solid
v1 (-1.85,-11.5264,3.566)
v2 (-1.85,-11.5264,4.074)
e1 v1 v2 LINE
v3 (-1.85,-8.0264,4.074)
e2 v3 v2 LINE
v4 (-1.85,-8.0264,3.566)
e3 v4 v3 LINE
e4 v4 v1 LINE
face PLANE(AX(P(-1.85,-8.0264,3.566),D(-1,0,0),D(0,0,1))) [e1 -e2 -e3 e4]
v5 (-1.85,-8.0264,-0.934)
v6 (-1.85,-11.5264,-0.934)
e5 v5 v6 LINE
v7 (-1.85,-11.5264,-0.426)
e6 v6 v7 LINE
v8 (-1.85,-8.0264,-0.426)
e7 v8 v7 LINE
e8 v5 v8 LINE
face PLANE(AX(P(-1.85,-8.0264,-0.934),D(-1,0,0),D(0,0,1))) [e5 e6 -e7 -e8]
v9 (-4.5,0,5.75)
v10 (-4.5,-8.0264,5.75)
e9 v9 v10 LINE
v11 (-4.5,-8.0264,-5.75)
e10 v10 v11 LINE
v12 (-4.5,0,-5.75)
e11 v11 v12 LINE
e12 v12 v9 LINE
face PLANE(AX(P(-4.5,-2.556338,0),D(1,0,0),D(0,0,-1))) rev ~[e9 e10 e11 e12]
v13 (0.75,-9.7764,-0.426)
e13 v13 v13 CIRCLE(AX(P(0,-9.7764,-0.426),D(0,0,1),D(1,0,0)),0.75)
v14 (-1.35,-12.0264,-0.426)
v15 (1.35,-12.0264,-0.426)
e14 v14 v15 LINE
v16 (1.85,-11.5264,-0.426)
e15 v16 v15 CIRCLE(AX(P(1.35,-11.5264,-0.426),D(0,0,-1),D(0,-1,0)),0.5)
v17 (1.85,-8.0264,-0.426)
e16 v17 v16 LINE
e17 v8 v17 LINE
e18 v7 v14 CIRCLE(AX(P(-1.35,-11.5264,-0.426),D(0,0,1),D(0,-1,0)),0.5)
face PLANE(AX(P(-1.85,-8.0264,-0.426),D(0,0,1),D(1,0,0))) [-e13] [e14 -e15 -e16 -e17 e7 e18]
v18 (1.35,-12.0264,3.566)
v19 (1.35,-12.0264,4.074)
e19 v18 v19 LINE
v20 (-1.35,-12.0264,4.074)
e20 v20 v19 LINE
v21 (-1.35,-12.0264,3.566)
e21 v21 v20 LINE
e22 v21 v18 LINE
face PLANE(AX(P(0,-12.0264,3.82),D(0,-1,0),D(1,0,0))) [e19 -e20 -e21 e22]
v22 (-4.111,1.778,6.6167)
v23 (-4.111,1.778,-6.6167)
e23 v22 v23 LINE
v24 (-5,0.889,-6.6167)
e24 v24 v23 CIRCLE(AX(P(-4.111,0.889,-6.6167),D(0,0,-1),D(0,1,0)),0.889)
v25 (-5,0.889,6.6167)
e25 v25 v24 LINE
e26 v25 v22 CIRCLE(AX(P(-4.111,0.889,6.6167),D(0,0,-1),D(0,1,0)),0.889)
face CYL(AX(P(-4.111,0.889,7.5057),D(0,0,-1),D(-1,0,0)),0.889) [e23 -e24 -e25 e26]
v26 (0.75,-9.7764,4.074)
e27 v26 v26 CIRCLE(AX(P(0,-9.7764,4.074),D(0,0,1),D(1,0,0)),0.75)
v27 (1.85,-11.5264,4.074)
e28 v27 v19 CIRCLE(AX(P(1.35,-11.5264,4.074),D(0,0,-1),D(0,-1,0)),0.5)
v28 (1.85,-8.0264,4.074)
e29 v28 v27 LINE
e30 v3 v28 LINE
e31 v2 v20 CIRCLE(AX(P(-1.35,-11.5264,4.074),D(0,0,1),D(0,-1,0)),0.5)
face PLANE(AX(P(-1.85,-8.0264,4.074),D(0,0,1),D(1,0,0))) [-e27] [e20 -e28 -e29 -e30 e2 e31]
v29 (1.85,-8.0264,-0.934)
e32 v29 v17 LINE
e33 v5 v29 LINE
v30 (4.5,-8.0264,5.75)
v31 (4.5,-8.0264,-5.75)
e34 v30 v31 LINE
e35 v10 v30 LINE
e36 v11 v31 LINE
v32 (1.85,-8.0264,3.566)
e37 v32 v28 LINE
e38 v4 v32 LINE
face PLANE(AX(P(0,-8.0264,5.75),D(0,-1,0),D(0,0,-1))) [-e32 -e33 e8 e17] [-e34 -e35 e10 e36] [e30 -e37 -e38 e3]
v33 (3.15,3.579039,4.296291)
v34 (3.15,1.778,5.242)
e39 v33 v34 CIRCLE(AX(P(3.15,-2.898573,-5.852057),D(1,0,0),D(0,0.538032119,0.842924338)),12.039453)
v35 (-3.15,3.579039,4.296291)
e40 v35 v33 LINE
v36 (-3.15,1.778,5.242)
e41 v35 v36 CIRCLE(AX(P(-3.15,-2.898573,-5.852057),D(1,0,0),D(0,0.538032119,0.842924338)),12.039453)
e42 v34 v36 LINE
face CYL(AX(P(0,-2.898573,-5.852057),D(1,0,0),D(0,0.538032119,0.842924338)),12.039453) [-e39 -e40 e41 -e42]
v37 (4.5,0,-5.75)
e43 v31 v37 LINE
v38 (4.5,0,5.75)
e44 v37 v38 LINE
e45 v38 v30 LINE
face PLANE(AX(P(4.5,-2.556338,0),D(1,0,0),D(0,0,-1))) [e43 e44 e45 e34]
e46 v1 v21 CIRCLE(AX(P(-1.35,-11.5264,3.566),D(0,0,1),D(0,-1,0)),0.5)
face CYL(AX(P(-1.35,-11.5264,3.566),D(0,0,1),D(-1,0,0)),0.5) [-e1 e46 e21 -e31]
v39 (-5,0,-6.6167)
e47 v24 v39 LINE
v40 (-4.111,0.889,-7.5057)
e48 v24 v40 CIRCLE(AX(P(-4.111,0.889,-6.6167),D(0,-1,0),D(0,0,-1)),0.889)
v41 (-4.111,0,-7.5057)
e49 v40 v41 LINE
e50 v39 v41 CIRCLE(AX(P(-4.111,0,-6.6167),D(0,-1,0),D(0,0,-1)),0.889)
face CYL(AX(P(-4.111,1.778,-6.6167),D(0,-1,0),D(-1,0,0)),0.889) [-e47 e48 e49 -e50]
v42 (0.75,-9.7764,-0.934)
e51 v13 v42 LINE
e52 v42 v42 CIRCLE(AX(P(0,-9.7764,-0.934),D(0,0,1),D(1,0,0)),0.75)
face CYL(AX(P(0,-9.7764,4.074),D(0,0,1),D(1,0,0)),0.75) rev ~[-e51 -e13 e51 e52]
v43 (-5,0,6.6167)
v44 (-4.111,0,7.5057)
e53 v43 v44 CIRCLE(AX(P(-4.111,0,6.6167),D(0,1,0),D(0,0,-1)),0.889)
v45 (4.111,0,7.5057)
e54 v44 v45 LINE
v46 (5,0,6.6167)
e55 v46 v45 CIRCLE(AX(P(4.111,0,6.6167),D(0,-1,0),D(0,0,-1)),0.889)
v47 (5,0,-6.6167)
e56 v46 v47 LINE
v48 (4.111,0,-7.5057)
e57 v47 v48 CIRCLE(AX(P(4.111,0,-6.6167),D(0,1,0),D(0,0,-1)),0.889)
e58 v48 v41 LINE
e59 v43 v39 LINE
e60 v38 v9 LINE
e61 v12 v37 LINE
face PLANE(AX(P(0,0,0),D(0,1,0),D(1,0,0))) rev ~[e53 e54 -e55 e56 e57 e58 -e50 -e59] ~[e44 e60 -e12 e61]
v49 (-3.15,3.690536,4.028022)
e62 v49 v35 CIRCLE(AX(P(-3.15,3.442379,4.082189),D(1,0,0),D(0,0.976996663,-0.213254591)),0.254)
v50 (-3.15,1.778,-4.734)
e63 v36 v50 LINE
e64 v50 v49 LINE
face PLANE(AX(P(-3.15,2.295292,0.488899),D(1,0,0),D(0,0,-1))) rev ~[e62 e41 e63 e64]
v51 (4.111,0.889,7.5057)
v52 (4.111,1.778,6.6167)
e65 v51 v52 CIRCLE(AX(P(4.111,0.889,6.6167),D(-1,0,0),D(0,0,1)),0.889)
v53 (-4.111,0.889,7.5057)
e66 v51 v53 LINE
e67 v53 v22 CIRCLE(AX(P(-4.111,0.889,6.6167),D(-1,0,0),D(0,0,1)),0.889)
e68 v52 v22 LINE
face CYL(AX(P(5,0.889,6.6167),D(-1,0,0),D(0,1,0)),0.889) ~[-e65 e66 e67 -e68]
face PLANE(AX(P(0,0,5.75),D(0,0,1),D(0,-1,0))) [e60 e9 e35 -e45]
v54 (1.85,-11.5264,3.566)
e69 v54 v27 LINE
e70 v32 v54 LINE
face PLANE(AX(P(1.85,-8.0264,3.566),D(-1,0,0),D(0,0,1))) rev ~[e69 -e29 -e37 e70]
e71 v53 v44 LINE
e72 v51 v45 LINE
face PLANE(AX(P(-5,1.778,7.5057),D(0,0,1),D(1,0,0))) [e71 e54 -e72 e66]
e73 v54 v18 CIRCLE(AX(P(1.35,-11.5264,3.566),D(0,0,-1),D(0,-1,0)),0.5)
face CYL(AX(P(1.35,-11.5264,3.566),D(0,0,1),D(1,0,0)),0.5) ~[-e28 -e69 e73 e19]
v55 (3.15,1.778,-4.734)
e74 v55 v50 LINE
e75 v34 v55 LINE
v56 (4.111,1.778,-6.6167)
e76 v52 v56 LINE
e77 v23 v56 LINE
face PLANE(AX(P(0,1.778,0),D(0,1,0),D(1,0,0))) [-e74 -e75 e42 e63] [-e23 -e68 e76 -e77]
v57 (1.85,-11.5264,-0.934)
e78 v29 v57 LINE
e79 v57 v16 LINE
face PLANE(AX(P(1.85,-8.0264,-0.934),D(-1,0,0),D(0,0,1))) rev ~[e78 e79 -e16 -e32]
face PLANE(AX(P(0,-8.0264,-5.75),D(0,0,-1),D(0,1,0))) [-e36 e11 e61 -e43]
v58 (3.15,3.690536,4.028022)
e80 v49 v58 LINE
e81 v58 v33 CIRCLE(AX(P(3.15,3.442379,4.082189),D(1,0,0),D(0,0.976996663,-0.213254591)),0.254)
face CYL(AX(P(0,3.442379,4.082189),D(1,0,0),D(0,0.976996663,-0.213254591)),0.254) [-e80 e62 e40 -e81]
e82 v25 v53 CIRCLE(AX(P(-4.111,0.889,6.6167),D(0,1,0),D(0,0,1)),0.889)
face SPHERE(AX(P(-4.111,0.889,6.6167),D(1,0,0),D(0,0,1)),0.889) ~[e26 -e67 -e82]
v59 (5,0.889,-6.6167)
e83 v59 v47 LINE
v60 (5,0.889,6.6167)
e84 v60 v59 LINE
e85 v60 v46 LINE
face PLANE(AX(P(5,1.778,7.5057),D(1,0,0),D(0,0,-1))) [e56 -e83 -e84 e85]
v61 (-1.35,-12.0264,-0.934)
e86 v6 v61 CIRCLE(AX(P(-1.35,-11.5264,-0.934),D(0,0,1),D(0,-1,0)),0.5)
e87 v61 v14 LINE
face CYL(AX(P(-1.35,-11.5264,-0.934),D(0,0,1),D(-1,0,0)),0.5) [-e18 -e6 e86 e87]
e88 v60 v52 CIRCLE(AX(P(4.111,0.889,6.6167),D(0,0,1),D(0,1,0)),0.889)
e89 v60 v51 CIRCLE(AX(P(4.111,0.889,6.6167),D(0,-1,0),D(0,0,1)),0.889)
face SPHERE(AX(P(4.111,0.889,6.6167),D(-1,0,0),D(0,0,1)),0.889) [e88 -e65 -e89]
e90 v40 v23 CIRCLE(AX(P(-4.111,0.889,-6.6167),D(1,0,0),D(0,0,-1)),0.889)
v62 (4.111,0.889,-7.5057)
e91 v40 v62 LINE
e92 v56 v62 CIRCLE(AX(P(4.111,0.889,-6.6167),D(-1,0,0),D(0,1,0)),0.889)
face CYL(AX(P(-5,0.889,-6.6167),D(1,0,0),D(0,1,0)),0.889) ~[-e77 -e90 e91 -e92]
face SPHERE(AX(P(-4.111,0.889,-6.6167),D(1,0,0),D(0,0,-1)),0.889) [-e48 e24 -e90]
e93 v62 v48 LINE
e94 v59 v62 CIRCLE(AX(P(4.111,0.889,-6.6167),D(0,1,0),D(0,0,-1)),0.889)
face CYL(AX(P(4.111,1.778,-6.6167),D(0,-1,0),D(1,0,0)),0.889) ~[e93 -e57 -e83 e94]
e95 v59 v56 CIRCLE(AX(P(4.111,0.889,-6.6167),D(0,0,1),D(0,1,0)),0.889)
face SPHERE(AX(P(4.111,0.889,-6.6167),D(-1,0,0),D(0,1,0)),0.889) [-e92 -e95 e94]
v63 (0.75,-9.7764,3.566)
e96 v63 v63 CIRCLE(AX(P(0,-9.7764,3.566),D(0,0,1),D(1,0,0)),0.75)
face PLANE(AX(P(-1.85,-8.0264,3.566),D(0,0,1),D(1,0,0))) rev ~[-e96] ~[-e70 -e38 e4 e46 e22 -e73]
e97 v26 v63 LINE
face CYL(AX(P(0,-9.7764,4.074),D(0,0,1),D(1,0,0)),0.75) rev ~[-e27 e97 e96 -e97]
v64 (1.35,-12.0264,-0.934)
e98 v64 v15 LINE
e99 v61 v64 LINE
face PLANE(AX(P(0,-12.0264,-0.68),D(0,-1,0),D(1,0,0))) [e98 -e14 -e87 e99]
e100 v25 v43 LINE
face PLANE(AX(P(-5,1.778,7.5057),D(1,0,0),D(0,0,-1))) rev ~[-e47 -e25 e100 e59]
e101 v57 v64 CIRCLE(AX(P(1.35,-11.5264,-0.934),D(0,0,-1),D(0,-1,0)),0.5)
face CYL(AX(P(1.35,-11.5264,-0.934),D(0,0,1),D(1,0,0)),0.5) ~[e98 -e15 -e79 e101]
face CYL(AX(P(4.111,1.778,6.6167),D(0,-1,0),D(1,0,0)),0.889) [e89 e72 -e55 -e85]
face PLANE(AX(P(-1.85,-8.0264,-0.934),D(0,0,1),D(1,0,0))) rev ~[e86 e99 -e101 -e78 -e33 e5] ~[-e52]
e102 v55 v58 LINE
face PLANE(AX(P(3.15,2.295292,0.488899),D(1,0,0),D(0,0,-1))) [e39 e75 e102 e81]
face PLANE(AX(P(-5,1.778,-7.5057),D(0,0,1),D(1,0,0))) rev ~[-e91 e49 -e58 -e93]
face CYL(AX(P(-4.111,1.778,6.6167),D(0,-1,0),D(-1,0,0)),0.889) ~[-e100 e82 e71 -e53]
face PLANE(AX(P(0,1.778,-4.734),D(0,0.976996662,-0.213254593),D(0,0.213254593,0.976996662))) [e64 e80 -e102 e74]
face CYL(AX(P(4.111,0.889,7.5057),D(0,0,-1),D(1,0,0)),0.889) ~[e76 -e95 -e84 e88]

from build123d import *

# Parameters (mm, degrees)
BOSS_EXTRUDE1_DEPTH = 4.5
SKETCH2_W           = 10
SKETCH2_H           = 15.0114
BOSS_EXTRUDE2_DEPTH = 1.778
FILLET1_R           = 0.889
SKETCH3_W           = 3.7
SKETCH3_H           = 0.508
BOSS_EXTRUDE3_DEPTH = 4
FILLET2_R           = 0.5
SKETCH4_R           = 0.75
CUT_EXTRUDE1_DEPTH  = 12.5797
BOSS_EXTRUDE4_DEPTH = 3.15


with BuildPart() as part:
    # Sketch1 → Boss-Extrude1 (new body, symmetric)
    with BuildSketch(Plane(origin=(0, 0, 0), x_dir=(0, 0, -1), z_dir=(1, 0, 0))):
        Polygon((-5.75, 0), (-5.75, -8.0264), (5.75, -8.0264), (5.75, 0), (7.5057, 0), (7.5057, 1.778), (-7.5057, 1.778), (-7.5057, 0), align=None)
    extrude(amount=BOSS_EXTRUDE1_DEPTH, both=True)

    # Sketch2 → Boss-Extrude2 (add)
    with BuildSketch(Plane(origin=(0, 1.778, 0), x_dir=(1, 0, 0), z_dir=(0, 1, 0))):
        Rectangle(SKETCH2_W, SKETCH2_H)
    extrude(amount=-BOSS_EXTRUDE2_DEPTH)

    # Fillet1
    fillet1_edges = [part.edges().sort_by_distance(p)[0] for p in [
        (0, 1.778, 7.5057),
        (0, 1.778, -7.5057),
        (5, 0.889, 7.5057),
        (5, 1.778, 0),
        (5, 0.889, -7.5057),
        (-5, 0.889, 7.5057),
        (-5, 0.889, -7.5057),
        (-5, 1.778, 0),
    ]]
    fillet(fillet1_edges, radius=FILLET1_R)

    # Sketch3 → Boss-Extrude3 (add)
    with BuildSketch(Plane.XZ.offset(8.0264)):
        with Locations((0, 3.82)):
            Rectangle(SKETCH3_W, SKETCH3_H)
        with Locations((0, -0.68)):
            Rectangle(SKETCH3_W, SKETCH3_H)
    extrude(amount=BOSS_EXTRUDE3_DEPTH)

    # Fillet2
    fillet2_edges = [part.edges().sort_by_distance(p)[0] for p in [
        (1.85, -12.0264, 3.82),
        (-1.85, -12.0264, 3.82),
        (1.85, -12.0264, -0.68),
        (-1.85, -12.0264, -0.68),
    ]]
    fillet(fillet2_edges, radius=FILLET2_R)

    # Sketch4 → Cut-Extrude1 (cut, through all)
    with BuildSketch(Plane.XY.offset(4.074)):
        with Locations((0, -9.7764)):
            Circle(SKETCH4_R)
    extrude(amount=-CUT_EXTRUDE1_DEPTH, mode=Mode.SUBTRACT)

    # Sketch5 → Boss-Extrude4 (add, symmetric)
    with BuildSketch(Plane(origin=(0, 0, 0), x_dir=(0, 0, -1), z_dir=(1, 0, 0))):
        with BuildLine():
            Line((4.734, 1.778), (-4.028021931, 3.690536137))
            ThreePointArc((-4.028021931, 3.690536137), (-4.179670828, 3.676927945), (-4.29629138, 3.579039143))
            ThreePointArc((-4.29629138, 3.579039143), (-4.807252645, 2.698529173), (-5.242, 1.778))
            Line((-5.242, 1.778), (4.734, 1.778))
        make_face()
    extrude(amount=BOSS_EXTRUDE4_DEPTH, both=True)


solid = part.part
